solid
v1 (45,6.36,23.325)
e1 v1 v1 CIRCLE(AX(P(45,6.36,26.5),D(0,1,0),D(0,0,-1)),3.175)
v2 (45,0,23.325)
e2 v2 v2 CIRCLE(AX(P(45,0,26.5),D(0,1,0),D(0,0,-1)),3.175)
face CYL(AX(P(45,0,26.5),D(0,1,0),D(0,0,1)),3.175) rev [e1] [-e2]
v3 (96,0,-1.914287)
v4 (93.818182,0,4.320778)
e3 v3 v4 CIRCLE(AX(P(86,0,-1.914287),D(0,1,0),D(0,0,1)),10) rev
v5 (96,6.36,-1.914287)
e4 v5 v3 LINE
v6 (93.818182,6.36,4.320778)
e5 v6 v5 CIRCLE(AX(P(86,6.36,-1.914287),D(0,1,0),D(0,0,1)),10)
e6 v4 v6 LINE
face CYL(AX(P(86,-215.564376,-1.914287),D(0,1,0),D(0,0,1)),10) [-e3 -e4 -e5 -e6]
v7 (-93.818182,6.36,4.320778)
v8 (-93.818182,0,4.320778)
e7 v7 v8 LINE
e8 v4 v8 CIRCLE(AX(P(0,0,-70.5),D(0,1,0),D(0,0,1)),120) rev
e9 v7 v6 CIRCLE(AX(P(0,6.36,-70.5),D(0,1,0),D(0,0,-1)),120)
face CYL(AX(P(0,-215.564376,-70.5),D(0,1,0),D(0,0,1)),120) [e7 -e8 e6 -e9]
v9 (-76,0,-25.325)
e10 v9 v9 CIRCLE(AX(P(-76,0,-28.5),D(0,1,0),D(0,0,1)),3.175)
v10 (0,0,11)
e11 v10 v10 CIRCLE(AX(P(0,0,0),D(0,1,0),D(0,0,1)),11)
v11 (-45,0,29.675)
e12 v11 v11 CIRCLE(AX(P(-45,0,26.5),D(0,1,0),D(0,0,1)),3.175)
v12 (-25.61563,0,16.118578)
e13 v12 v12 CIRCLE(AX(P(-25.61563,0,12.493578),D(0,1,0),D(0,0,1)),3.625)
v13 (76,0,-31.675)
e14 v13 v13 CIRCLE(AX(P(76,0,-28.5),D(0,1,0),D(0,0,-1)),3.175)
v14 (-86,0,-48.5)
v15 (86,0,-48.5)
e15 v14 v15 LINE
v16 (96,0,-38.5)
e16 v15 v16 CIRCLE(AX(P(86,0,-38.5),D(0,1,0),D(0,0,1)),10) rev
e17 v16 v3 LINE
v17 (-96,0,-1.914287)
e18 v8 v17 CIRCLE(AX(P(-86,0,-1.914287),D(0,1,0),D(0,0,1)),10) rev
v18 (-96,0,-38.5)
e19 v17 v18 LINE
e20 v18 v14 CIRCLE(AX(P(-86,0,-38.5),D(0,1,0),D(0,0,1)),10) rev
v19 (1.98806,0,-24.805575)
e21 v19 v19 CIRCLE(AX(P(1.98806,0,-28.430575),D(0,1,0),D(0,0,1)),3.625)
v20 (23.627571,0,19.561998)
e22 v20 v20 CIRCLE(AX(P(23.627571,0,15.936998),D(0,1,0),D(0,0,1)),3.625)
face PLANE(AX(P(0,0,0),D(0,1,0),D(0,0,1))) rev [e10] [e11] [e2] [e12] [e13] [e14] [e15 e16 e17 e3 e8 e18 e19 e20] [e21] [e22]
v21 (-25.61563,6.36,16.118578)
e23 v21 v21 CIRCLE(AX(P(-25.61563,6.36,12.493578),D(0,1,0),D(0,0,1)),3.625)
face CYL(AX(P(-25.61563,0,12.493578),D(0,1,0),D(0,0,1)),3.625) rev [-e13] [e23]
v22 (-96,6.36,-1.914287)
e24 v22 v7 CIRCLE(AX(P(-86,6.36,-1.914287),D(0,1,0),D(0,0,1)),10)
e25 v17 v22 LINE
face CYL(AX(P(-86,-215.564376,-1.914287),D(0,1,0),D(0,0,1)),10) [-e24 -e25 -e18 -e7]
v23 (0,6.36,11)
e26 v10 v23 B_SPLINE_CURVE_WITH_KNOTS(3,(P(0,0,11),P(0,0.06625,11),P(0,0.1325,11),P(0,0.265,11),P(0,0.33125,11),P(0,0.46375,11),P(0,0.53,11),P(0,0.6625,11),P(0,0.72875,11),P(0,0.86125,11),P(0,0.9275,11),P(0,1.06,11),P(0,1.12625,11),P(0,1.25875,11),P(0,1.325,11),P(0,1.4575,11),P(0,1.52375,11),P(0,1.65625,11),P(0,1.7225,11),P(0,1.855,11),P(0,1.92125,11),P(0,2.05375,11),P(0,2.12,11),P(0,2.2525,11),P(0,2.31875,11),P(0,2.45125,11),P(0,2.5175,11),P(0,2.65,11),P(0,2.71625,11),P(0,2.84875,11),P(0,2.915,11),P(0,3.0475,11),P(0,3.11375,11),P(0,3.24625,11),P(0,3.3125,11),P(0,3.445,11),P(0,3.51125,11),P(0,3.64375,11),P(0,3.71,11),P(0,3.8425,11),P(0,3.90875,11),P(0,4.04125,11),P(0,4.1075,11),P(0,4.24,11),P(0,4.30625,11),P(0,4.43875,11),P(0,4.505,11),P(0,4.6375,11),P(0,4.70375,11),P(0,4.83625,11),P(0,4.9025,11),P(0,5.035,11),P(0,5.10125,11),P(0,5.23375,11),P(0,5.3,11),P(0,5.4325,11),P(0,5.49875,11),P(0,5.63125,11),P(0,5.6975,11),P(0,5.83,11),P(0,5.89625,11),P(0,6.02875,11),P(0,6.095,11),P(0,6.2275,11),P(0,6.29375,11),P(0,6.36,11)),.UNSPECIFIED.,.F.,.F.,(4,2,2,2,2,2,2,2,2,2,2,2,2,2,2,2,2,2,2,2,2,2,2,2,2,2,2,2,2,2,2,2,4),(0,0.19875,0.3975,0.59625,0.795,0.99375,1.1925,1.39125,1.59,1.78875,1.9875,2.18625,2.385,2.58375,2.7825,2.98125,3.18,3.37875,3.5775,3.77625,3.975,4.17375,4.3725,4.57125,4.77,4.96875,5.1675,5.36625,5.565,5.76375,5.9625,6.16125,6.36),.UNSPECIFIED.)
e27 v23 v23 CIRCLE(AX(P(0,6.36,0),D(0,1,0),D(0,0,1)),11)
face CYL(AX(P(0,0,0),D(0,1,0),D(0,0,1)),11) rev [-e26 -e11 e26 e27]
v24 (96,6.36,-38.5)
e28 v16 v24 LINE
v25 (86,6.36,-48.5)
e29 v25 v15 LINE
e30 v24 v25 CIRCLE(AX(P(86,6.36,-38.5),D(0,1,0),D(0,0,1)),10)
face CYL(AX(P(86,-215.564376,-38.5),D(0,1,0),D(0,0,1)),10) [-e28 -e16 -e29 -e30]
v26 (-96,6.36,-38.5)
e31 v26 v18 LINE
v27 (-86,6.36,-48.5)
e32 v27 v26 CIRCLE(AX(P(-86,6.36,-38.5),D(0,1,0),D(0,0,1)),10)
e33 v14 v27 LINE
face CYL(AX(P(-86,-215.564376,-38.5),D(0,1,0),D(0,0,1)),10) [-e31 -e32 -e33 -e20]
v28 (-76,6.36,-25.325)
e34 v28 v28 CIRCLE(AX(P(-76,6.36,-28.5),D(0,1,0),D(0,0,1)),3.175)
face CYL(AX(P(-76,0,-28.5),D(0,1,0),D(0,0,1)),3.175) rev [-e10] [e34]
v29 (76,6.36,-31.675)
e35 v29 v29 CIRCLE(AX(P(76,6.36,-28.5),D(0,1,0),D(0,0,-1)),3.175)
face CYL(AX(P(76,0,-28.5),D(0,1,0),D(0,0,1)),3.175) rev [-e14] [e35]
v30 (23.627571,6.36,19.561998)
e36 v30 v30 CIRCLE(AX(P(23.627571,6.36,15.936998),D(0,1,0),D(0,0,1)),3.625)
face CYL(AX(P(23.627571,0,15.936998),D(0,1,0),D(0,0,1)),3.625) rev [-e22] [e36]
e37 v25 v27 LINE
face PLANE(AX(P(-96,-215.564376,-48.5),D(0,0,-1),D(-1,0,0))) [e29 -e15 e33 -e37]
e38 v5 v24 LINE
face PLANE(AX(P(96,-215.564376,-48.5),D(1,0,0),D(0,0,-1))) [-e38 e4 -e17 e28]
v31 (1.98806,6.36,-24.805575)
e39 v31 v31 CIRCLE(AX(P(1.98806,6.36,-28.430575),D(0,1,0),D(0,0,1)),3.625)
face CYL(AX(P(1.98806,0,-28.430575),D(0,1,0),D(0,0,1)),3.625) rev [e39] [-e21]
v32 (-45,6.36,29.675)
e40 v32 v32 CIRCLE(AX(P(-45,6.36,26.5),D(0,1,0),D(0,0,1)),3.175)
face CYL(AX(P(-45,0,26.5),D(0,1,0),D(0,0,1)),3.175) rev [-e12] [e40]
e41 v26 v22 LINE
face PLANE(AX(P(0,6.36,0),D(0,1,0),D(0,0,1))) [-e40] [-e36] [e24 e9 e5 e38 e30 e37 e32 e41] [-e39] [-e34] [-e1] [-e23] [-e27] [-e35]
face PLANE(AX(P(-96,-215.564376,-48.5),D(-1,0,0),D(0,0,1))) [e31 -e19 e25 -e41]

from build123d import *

# Parameters (mm, degrees)
SKETCH5_R           = 38.5
BOSS_EXTRUDE2_DEPTH = 6.36
SKETCH8_R           = 11
CUT_EXTRUDE4_DEPTH  = 55.817420589
BOSS_EXTRUDE3_START = -6.36
SKETCH9_R           = 38.5
BOSS_EXTRUDE3_DEPTH = 6.36
SKETCH10_R          = 3.175
CUT_EXTRUDE5_DEPTH  = 109.197502744
SKETCH12_R          = 3.625
CUT_EXTRUDE6_DEPTH  = 109.197502744
FILLET1_R           = 10


with BuildPart() as part:
    # Sketch5 → Boss-Extrude2 (new body)
    with BuildSketch(Plane(origin=(0, 0, 0), x_dir=(1, 0, 0), z_dir=(0, 1, 0))):
        with Locations(Location((0, 0, 0), (0, 0, 90))):
            Circle(SKETCH5_R)
    extrude(amount=BOSS_EXTRUDE2_DEPTH)

    # Sketch8 → Cut-Extrude4 (cut, through all)
    with BuildSketch(Plane(origin=(0, 6.36, 0), x_dir=(1, 0, 0), z_dir=(0, 1, 0))):
        with Locations(Location((0, 0, 0), (0, 0, 270))):
            Circle(SKETCH8_R)
    extrude(amount=-CUT_EXTRUDE4_DEPTH, mode=Mode.SUBTRACT)

    # Sketch9 → Boss-Extrude3 (add)
    with BuildSketch(Plane(origin=(0, 6.36, 0), x_dir=(1, 0, 0), z_dir=(0, 1, 0)).offset(BOSS_EXTRUDE3_START)):
        with BuildLine():
            Line((-96, 48.5), (96, 48.5))
            Line((96, 48.5), (96, -1.5))
            ThreePointArc((96, -1.5), (0, -49.5), (-96, -1.5))
            Line((-96, -1.5), (-96, 48.5))
        make_face()
        Circle(SKETCH9_R, mode=Mode.SUBTRACT)
    extrude(amount=BOSS_EXTRUDE3_DEPTH)

    # Sketch10 → Cut-Extrude5 (cut, through all)
    with BuildSketch(Plane(origin=(0, 6.36, 0), x_dir=(1, 0, 0), z_dir=(0, 1, 0))):
        with Locations(Location((-76, 28.5, 0), (0, 0, 270))):
            Circle(SKETCH10_R)
        with Locations(Location((-45, -26.5, 0), (0, 0, 270))):
            Circle(SKETCH10_R)
        with Locations(Location((45, -26.5, 0), (0, 0, 90))):
            Circle(SKETCH10_R)
        with Locations(Location((76, 28.5, 0), (0, 0, 90))):
            Circle(SKETCH10_R)
    extrude(amount=-CUT_EXTRUDE5_DEPTH, mode=Mode.SUBTRACT)

    # Sketch12 → Cut-Extrude6 (cut, through all)
    with BuildSketch(Plane(origin=(0, 6.36, 0), x_dir=(1, 0, 0), z_dir=(0, 1, 0))):
        with Locations(Location((1.988059502, 28.430575432, 0), (0, 0, 270))):
            Circle(SKETCH12_R)
        with Locations(Location((23.627570818, -15.936997749, 0), (0, 0, 270))):
            Circle(SKETCH12_R)
        with Locations(Location((-25.61563032, -12.493577683, 0), (0, 0, 270))):
            Circle(SKETCH12_R)
    extrude(amount=-CUT_EXTRUDE6_DEPTH, mode=Mode.SUBTRACT)

    # Fillet1
    fillet1_edges = [part.edges().sort_by_distance(p)[0] for p in [
        (96, 3.18, 1.5),
        (96, 3.18, -48.5),
        (-96, 3.18, -48.5),
        (-96, 3.18, 1.5),
    ]]
    fillet(fillet1_edges, radius=FILLET1_R)


solid = part.part
